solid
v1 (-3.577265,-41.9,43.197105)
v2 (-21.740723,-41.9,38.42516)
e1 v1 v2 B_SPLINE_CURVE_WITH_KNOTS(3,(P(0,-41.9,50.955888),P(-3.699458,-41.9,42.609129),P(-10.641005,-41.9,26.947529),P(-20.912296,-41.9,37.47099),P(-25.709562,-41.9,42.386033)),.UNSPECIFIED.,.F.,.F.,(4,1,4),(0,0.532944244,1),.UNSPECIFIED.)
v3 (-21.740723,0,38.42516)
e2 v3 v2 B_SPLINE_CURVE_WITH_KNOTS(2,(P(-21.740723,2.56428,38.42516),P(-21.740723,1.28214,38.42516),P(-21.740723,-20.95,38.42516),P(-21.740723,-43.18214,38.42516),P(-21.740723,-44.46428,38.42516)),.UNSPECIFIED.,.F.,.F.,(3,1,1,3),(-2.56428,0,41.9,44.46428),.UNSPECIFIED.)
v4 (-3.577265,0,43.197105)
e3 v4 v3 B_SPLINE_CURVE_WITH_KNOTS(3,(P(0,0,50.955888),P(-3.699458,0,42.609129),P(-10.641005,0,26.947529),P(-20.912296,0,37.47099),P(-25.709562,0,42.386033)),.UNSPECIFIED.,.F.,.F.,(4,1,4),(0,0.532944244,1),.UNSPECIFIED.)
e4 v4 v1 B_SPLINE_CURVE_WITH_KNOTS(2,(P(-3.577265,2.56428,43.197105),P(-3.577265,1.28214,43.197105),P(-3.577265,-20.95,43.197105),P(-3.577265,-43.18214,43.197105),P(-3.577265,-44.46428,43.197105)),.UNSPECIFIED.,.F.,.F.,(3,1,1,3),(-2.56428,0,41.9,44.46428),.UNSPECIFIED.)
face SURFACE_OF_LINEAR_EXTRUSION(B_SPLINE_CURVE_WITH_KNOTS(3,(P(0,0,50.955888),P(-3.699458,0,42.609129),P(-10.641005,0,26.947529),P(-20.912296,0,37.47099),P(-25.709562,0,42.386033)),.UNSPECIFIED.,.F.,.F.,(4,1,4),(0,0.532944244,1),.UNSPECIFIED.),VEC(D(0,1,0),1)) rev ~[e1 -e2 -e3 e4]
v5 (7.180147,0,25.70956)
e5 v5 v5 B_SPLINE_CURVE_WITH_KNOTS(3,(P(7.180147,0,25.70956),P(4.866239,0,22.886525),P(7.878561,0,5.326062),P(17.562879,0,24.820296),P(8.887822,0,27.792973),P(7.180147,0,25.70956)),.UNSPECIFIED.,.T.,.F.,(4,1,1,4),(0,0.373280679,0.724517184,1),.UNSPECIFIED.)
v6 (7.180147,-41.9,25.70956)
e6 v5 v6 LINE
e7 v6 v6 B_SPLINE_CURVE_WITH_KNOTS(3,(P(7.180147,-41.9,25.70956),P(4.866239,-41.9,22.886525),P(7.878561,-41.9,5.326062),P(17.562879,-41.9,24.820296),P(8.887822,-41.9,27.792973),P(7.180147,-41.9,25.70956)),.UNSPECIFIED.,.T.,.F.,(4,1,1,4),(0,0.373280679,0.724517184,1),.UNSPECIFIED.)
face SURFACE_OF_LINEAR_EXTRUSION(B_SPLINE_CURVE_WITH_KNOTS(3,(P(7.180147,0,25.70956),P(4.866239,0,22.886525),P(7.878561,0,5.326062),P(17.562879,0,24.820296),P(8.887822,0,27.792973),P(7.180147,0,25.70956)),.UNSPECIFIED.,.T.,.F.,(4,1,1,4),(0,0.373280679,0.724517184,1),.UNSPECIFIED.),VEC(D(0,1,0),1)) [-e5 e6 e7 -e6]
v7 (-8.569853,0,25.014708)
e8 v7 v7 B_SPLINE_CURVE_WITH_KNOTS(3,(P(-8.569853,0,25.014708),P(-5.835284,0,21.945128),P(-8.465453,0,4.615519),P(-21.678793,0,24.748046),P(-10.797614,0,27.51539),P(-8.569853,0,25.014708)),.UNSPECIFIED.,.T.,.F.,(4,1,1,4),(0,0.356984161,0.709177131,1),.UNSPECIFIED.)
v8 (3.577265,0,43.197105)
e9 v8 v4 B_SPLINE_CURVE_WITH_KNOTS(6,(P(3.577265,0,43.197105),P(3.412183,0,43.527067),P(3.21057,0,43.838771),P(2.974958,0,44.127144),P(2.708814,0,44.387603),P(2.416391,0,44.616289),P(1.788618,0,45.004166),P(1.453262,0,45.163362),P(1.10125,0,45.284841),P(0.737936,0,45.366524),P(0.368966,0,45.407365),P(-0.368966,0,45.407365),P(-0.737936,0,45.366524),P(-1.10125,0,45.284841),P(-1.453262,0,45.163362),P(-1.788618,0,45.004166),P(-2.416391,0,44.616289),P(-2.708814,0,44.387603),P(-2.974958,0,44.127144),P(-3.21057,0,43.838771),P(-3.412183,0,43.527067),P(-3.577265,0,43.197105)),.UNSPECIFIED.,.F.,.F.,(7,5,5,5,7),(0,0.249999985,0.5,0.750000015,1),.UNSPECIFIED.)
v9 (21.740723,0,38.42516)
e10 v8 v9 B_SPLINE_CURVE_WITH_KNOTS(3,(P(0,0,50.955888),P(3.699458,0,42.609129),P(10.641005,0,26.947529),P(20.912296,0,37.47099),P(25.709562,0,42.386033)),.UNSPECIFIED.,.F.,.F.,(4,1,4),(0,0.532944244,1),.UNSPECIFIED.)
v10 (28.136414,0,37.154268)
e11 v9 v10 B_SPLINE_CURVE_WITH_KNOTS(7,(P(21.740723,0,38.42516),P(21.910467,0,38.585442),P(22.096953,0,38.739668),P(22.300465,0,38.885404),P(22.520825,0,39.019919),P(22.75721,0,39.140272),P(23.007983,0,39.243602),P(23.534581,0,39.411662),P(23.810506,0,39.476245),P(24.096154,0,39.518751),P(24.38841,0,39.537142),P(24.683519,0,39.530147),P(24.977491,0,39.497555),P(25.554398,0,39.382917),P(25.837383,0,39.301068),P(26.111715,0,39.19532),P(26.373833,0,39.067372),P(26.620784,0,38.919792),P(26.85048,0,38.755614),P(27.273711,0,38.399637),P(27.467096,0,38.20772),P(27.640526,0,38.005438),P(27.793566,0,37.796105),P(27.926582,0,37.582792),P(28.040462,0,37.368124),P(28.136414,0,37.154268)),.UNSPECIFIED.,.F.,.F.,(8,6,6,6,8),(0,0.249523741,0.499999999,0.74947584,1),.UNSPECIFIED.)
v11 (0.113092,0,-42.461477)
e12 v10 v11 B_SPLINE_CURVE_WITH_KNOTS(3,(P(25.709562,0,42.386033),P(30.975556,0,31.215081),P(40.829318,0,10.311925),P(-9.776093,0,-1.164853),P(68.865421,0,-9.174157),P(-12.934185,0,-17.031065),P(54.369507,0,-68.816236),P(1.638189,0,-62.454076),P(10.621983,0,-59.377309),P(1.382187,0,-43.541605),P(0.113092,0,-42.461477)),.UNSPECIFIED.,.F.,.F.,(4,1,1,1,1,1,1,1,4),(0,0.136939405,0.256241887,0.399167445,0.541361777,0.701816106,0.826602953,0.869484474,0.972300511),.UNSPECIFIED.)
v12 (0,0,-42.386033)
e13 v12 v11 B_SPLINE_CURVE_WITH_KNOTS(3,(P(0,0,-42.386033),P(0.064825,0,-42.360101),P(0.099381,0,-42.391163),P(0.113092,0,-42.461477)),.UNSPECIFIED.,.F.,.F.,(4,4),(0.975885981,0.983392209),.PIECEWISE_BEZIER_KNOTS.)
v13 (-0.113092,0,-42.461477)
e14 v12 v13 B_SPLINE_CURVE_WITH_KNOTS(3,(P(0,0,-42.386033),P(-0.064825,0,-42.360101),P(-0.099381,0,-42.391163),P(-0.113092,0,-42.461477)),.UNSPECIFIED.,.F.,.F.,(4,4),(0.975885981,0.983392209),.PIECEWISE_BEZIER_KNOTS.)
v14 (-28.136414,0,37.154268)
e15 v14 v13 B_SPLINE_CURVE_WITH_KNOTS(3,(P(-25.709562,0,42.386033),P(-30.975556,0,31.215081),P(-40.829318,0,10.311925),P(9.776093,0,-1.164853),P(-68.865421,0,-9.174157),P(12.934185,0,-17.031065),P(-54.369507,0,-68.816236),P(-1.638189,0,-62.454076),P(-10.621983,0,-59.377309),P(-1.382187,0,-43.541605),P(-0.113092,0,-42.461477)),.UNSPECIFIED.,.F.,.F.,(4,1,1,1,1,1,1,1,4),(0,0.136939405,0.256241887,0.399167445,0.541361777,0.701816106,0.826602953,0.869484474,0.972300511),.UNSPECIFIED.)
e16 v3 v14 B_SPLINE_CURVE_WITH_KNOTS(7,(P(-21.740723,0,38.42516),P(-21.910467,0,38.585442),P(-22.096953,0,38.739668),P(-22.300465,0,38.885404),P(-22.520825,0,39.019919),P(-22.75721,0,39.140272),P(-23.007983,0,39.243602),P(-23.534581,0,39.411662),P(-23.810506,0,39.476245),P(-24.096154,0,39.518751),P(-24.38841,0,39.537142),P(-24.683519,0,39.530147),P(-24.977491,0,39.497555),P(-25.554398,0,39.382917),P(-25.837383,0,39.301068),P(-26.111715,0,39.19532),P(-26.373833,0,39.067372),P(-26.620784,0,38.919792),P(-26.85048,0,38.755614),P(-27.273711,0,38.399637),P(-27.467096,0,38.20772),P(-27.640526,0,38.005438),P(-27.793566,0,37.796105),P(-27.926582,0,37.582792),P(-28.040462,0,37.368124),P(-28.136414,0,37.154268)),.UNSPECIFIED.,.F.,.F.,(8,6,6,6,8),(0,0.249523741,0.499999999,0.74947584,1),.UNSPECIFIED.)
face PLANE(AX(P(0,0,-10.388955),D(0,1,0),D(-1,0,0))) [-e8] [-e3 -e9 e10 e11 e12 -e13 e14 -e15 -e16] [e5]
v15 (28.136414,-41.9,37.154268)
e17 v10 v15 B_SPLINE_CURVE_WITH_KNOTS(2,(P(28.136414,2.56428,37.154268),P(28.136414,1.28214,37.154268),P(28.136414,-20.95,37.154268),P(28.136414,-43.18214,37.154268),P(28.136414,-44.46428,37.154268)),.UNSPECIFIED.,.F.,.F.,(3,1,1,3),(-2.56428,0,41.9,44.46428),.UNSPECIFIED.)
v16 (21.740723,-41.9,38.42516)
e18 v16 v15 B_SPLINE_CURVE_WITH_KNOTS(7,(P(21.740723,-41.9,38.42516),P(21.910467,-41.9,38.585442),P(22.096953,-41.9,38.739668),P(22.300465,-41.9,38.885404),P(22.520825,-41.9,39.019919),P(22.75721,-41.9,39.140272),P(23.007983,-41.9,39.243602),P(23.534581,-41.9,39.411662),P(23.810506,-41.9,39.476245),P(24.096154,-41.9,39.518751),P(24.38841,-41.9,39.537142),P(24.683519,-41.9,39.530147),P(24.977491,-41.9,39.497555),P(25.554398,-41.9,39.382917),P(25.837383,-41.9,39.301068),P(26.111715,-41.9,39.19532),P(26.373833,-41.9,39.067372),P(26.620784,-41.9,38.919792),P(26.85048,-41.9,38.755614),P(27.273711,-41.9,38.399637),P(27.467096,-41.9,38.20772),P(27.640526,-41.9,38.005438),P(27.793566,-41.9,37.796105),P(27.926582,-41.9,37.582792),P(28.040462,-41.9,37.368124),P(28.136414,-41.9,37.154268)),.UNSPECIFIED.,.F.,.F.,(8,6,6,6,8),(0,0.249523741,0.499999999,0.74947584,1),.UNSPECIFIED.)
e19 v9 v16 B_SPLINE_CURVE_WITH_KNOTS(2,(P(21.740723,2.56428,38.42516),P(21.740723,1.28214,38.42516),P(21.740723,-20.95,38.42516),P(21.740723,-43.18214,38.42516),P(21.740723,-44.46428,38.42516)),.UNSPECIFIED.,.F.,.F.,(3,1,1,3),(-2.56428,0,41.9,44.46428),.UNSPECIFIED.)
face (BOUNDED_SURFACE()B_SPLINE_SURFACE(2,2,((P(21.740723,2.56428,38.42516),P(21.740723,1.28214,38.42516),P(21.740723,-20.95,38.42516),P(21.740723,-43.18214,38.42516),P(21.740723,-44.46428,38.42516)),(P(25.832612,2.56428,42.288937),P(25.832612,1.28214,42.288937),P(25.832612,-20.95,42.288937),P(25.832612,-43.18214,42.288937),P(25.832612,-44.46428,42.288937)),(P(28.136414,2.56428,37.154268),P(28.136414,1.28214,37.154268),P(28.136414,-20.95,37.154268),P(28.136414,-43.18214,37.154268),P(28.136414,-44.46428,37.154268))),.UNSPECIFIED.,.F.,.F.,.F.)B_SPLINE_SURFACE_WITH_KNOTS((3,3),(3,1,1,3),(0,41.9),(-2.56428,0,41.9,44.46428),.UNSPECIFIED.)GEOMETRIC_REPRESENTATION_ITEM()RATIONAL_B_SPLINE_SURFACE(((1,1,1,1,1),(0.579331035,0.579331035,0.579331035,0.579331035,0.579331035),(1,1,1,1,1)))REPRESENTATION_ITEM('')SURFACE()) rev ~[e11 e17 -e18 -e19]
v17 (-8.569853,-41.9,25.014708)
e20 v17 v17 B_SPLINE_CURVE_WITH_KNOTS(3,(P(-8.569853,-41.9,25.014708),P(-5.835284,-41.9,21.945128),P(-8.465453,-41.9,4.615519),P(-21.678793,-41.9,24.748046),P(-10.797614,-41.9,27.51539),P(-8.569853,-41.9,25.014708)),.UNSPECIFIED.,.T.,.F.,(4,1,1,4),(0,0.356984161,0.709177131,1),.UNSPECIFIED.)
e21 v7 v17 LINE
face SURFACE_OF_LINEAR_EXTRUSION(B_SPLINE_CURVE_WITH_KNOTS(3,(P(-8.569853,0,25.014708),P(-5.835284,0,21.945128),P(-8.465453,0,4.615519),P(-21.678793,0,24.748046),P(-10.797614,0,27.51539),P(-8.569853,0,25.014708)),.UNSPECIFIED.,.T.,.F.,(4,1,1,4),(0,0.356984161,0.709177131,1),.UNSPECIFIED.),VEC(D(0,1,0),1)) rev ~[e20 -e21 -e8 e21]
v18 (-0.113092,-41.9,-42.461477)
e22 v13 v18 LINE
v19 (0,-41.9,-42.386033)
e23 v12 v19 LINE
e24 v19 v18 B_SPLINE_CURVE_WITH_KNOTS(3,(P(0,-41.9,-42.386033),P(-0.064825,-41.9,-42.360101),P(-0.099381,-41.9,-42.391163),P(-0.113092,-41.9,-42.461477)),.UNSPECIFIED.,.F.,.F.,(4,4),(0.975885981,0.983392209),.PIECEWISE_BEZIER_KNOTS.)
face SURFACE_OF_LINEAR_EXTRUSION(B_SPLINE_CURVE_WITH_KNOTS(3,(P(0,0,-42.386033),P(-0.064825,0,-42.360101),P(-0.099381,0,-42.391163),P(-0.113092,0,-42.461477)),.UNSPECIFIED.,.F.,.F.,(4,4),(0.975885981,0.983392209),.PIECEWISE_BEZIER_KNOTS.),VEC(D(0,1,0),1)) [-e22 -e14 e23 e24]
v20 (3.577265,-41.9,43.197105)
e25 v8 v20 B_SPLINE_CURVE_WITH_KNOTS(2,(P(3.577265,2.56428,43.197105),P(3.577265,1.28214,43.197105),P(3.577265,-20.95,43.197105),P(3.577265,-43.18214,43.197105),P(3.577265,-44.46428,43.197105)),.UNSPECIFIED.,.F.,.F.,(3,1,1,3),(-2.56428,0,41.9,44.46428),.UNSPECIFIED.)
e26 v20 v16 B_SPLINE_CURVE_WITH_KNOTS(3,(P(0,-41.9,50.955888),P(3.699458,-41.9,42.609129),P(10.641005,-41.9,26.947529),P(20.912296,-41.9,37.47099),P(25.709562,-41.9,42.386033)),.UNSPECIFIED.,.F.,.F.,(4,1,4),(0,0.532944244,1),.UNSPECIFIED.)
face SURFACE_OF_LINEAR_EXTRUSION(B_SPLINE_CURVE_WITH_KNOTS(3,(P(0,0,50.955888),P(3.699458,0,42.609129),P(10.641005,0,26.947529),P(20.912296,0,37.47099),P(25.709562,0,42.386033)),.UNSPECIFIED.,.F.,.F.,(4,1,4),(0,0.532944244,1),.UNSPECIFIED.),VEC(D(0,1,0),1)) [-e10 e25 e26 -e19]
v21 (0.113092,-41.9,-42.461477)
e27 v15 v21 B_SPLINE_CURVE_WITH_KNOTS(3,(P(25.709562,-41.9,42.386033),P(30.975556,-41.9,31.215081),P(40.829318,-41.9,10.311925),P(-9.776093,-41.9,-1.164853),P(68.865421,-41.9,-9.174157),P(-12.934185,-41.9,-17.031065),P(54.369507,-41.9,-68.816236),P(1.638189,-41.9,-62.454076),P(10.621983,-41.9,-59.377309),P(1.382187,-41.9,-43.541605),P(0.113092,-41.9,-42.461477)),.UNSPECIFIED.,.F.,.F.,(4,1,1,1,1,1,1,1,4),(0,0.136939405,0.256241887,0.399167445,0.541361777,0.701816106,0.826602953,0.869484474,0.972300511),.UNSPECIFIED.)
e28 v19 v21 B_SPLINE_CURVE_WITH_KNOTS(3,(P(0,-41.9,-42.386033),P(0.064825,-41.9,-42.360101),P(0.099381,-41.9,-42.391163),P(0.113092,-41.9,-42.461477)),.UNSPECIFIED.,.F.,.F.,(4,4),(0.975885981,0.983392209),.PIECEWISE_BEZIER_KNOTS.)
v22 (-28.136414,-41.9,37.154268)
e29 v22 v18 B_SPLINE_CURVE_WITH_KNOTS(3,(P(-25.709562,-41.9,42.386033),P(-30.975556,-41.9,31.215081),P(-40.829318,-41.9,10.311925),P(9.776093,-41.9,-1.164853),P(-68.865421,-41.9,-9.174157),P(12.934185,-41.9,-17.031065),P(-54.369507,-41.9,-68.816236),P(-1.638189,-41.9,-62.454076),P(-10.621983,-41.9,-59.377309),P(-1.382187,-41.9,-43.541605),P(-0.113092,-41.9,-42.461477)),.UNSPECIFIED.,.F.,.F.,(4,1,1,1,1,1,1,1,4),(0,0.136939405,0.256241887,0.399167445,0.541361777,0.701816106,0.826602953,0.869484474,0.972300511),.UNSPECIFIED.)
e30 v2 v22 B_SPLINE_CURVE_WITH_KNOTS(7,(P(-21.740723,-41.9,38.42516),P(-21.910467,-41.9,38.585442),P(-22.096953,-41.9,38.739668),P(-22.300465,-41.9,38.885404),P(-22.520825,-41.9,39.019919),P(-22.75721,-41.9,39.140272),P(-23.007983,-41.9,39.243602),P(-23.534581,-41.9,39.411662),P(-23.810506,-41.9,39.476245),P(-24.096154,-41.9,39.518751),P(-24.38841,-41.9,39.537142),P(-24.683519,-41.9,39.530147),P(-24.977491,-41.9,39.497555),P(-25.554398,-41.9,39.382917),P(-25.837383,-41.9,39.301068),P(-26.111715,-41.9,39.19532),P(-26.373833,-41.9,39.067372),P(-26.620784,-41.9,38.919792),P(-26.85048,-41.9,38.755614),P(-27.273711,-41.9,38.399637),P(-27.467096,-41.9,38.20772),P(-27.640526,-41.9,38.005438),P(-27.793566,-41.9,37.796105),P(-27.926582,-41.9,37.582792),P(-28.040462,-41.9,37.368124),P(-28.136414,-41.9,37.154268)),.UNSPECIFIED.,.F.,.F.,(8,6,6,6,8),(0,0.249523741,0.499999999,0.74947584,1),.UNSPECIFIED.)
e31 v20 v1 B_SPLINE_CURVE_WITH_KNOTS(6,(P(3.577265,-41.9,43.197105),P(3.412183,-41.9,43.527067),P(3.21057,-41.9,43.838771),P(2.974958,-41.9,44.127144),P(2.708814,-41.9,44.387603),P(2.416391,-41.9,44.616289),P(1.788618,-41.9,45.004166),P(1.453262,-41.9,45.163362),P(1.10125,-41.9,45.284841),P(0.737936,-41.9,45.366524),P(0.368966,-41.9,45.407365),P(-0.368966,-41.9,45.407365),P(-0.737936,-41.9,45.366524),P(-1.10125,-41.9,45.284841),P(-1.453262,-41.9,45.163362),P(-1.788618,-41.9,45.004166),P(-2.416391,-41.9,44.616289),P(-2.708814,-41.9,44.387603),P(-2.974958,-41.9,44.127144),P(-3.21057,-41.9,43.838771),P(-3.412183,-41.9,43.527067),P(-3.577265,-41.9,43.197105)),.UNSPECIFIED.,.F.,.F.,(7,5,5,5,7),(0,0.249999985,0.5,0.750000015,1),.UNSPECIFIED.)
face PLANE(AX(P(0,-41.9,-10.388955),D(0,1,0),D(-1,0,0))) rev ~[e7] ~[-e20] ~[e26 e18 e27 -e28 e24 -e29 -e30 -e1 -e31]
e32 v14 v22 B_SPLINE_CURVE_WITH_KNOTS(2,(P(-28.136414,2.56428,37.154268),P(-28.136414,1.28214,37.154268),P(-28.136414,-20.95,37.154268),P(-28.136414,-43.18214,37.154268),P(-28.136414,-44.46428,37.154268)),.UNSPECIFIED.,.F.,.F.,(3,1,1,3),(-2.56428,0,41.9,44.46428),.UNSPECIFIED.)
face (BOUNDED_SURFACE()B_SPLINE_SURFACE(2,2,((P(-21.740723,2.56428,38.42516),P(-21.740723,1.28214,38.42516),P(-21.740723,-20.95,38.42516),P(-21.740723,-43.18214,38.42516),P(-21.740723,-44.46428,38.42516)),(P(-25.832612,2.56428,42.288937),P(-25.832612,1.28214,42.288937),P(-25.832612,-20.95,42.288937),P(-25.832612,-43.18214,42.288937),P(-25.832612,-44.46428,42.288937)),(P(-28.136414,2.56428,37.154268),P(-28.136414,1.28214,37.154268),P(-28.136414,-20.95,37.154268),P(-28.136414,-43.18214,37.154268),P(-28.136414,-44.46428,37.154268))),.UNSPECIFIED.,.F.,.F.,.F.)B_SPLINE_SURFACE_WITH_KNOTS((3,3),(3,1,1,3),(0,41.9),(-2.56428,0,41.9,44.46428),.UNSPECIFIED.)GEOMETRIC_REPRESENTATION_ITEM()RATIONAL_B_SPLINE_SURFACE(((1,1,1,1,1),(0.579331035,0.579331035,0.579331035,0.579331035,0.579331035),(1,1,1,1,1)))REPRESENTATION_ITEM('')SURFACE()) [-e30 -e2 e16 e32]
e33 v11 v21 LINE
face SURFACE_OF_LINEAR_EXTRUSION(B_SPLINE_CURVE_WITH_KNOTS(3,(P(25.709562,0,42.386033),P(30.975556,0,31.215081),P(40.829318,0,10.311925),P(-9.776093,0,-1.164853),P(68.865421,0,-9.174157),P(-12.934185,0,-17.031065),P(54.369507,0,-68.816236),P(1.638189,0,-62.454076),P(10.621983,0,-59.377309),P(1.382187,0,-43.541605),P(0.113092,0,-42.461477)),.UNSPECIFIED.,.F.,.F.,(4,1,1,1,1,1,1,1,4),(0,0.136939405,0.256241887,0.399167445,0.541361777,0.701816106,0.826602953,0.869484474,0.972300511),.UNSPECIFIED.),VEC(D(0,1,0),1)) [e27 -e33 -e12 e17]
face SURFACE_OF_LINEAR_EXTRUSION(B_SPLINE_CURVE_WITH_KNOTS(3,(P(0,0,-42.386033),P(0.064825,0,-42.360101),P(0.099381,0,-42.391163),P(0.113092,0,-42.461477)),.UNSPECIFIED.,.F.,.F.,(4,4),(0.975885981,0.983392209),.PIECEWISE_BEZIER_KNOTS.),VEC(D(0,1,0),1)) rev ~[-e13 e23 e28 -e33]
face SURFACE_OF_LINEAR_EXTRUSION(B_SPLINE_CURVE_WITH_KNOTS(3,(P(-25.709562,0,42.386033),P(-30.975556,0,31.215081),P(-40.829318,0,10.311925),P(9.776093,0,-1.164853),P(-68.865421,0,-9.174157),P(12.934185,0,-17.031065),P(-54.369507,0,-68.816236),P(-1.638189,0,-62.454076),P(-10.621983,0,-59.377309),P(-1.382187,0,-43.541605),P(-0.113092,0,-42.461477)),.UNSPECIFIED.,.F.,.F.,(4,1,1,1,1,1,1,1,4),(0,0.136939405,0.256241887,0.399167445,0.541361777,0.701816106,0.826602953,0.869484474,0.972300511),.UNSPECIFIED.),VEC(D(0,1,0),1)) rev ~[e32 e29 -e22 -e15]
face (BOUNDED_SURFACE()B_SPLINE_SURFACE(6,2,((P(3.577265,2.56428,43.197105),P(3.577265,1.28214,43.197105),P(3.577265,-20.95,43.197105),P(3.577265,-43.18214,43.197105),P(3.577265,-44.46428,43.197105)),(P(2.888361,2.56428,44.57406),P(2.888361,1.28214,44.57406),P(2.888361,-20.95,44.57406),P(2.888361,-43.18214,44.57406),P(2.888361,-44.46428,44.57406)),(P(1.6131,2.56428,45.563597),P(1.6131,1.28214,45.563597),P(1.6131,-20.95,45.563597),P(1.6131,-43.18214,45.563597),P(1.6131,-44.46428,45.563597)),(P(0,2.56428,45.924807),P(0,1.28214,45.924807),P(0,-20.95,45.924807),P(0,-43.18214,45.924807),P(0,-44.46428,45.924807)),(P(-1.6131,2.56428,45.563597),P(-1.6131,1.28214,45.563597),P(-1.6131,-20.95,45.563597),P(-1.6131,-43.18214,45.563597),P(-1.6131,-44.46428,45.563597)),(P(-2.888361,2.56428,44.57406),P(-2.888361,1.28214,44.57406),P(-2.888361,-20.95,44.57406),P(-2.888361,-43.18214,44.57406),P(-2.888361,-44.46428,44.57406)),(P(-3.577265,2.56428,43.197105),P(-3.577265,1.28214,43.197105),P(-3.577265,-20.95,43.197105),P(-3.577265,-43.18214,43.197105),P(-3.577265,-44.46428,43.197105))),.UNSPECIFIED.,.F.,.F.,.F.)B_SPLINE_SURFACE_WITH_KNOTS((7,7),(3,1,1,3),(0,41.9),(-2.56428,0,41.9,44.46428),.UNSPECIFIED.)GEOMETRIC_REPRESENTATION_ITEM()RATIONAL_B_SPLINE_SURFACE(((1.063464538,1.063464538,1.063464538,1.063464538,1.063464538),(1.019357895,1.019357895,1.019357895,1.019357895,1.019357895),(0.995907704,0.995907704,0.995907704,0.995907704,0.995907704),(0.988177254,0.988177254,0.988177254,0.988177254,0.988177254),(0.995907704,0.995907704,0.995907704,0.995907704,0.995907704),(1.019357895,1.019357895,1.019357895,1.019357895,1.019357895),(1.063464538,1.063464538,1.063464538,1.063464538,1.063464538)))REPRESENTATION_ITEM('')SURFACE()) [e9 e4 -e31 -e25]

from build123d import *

# Parameters (mm, degrees)
F1_DEPTH = 41.9
F2_R     = 4


with BuildPart() as f1:
    # F0 (on Front) → F1 (new body)
    with BuildSketch(Plane.XZ):
        with BuildLine():
            add(Edge.make_bspline(
                [(0, 50.9558878839), (3.6994576462, 42.6091285793), (10.6410048904, 26.9475290719), (20.9122962496, 37.4709897534), (25.7095620036, 42.3860326409)],
                knots=[0, 0, 0, 0, 0.5329442437, 1, 1, 1, 1], degree=3))
            add(Edge.make_bspline(
                [(0, 50.9558878839), (-3.6994576462, 42.6091285793), (-10.6410048904, 26.9475290719), (-20.9122962496, 37.4709897534), (-25.7095620036, 42.3860326409)],
                knots=[0, 0, 0, 0, 0.5329442437, 1, 1, 1, 1], degree=3))
            add(Edge.make_bspline(
                [(-25.7095620036, 42.3860326409), (-30.9755560926, 31.2150809768), (-40.829317786, 10.3119250435), (9.776093414, -1.1648525783), (-68.8654205317, -9.1741570325), (12.9341847516, -17.0310645289), (-54.3695069964, -68.816235509), (-1.638188835, -62.4540756051), (-10.6219827085, -59.3773088437), (-1.3821873469, -43.5416050212), (-0.1130919915, -42.4614768857)],
                knots=[0, 0, 0, 0, 0.1369394049, 0.256241887, 0.3991674447, 0.541361777, 0.7018161061, 0.8266029533, 0.8694844745, 0.9723005111, 0.9723005111, 0.9723005111, 0.9723005111], degree=3))
            add(Edge.make_bspline(
                [(0, -42.3860326409), (-0.0648247502, -42.3601009226), (-0.0993814622, -42.3911626578), (-0.1130919915, -42.4614768857)],
                knots=[0.9758859807, 0.9758859807, 0.9758859807, 0.9758859807, 0.9833922089, 0.9833922089, 0.9833922089, 0.9833922089], degree=3))
            add(Edge.make_bspline(
                [(0, -42.3860326409), (0.0648247502, -42.3601009226), (0.0993814622, -42.3911626578), (0.1130919915, -42.4614768857)],
                knots=[0.9758859807, 0.9758859807, 0.9758859807, 0.9758859807, 0.9833922089, 0.9833922089, 0.9833922089, 0.9833922089], degree=3))
            add(Edge.make_bspline(
                [(25.7095620036, 42.3860326409), (30.9755560926, 31.2150809768), (40.829317786, 10.3119250435), (-9.776093414, -1.1648525783), (68.8654205317, -9.1741570325), (-12.9341847516, -17.0310645289), (54.3695069964, -68.816235509), (1.638188835, -62.4540756051), (10.6219827085, -59.3773088438), (1.3821873469, -43.5416050212), (0.1130919915, -42.4614768857)],
                knots=[0, 0, 0, 0, 0.1369394049, 0.256241887, 0.3991674447, 0.541361777, 0.7018161061, 0.8266029533, 0.8694844745, 0.9723005111, 0.9723005111, 0.9723005111, 0.9723005111], degree=3))
        make_face()
        with BuildLine():
            add(Edge.make_bspline(
                [(-8.5698533803, 25.0147078186), (-5.8352843315, 21.9451284043), (-8.4654532547, 4.6155186658), (-21.6787932801, 24.7480463419), (-10.7976138907, 27.5153898935), (-8.5698533803, 25.0147078186)],
                knots=[0, 0, 0, 0, 0.3569841608, 0.709177131, 1, 1, 1, 1], degree=3))
        make_face(mode=Mode.SUBTRACT)
        with BuildLine():
            add(Edge.make_bspline(
                [(7.1801473387, 25.709560141), (4.8662393627, 22.8865248533), (7.8785606198, 5.3260622109), (17.5628786042, 24.8202955173), (8.88782181, 27.7929728534), (7.1801473387, 25.709560141)],
                knots=[0, 0, 0, 0, 0.3732806789, 0.7245171836, 1, 1, 1, 1], degree=3))
        make_face(mode=Mode.SUBTRACT)
    extrude(amount=F1_DEPTH)

    # F2
    f2_edges = [f1.edges().sort_by_distance(p)[0] for p in [
        (-25.709562, -20.95, 42.386033),
        (0, -20.95, 50.955888),
        (25.709562, -20.95, 42.386033),
    ]]
    fillet(f2_edges, radius=F2_R)


solid = f1.part
